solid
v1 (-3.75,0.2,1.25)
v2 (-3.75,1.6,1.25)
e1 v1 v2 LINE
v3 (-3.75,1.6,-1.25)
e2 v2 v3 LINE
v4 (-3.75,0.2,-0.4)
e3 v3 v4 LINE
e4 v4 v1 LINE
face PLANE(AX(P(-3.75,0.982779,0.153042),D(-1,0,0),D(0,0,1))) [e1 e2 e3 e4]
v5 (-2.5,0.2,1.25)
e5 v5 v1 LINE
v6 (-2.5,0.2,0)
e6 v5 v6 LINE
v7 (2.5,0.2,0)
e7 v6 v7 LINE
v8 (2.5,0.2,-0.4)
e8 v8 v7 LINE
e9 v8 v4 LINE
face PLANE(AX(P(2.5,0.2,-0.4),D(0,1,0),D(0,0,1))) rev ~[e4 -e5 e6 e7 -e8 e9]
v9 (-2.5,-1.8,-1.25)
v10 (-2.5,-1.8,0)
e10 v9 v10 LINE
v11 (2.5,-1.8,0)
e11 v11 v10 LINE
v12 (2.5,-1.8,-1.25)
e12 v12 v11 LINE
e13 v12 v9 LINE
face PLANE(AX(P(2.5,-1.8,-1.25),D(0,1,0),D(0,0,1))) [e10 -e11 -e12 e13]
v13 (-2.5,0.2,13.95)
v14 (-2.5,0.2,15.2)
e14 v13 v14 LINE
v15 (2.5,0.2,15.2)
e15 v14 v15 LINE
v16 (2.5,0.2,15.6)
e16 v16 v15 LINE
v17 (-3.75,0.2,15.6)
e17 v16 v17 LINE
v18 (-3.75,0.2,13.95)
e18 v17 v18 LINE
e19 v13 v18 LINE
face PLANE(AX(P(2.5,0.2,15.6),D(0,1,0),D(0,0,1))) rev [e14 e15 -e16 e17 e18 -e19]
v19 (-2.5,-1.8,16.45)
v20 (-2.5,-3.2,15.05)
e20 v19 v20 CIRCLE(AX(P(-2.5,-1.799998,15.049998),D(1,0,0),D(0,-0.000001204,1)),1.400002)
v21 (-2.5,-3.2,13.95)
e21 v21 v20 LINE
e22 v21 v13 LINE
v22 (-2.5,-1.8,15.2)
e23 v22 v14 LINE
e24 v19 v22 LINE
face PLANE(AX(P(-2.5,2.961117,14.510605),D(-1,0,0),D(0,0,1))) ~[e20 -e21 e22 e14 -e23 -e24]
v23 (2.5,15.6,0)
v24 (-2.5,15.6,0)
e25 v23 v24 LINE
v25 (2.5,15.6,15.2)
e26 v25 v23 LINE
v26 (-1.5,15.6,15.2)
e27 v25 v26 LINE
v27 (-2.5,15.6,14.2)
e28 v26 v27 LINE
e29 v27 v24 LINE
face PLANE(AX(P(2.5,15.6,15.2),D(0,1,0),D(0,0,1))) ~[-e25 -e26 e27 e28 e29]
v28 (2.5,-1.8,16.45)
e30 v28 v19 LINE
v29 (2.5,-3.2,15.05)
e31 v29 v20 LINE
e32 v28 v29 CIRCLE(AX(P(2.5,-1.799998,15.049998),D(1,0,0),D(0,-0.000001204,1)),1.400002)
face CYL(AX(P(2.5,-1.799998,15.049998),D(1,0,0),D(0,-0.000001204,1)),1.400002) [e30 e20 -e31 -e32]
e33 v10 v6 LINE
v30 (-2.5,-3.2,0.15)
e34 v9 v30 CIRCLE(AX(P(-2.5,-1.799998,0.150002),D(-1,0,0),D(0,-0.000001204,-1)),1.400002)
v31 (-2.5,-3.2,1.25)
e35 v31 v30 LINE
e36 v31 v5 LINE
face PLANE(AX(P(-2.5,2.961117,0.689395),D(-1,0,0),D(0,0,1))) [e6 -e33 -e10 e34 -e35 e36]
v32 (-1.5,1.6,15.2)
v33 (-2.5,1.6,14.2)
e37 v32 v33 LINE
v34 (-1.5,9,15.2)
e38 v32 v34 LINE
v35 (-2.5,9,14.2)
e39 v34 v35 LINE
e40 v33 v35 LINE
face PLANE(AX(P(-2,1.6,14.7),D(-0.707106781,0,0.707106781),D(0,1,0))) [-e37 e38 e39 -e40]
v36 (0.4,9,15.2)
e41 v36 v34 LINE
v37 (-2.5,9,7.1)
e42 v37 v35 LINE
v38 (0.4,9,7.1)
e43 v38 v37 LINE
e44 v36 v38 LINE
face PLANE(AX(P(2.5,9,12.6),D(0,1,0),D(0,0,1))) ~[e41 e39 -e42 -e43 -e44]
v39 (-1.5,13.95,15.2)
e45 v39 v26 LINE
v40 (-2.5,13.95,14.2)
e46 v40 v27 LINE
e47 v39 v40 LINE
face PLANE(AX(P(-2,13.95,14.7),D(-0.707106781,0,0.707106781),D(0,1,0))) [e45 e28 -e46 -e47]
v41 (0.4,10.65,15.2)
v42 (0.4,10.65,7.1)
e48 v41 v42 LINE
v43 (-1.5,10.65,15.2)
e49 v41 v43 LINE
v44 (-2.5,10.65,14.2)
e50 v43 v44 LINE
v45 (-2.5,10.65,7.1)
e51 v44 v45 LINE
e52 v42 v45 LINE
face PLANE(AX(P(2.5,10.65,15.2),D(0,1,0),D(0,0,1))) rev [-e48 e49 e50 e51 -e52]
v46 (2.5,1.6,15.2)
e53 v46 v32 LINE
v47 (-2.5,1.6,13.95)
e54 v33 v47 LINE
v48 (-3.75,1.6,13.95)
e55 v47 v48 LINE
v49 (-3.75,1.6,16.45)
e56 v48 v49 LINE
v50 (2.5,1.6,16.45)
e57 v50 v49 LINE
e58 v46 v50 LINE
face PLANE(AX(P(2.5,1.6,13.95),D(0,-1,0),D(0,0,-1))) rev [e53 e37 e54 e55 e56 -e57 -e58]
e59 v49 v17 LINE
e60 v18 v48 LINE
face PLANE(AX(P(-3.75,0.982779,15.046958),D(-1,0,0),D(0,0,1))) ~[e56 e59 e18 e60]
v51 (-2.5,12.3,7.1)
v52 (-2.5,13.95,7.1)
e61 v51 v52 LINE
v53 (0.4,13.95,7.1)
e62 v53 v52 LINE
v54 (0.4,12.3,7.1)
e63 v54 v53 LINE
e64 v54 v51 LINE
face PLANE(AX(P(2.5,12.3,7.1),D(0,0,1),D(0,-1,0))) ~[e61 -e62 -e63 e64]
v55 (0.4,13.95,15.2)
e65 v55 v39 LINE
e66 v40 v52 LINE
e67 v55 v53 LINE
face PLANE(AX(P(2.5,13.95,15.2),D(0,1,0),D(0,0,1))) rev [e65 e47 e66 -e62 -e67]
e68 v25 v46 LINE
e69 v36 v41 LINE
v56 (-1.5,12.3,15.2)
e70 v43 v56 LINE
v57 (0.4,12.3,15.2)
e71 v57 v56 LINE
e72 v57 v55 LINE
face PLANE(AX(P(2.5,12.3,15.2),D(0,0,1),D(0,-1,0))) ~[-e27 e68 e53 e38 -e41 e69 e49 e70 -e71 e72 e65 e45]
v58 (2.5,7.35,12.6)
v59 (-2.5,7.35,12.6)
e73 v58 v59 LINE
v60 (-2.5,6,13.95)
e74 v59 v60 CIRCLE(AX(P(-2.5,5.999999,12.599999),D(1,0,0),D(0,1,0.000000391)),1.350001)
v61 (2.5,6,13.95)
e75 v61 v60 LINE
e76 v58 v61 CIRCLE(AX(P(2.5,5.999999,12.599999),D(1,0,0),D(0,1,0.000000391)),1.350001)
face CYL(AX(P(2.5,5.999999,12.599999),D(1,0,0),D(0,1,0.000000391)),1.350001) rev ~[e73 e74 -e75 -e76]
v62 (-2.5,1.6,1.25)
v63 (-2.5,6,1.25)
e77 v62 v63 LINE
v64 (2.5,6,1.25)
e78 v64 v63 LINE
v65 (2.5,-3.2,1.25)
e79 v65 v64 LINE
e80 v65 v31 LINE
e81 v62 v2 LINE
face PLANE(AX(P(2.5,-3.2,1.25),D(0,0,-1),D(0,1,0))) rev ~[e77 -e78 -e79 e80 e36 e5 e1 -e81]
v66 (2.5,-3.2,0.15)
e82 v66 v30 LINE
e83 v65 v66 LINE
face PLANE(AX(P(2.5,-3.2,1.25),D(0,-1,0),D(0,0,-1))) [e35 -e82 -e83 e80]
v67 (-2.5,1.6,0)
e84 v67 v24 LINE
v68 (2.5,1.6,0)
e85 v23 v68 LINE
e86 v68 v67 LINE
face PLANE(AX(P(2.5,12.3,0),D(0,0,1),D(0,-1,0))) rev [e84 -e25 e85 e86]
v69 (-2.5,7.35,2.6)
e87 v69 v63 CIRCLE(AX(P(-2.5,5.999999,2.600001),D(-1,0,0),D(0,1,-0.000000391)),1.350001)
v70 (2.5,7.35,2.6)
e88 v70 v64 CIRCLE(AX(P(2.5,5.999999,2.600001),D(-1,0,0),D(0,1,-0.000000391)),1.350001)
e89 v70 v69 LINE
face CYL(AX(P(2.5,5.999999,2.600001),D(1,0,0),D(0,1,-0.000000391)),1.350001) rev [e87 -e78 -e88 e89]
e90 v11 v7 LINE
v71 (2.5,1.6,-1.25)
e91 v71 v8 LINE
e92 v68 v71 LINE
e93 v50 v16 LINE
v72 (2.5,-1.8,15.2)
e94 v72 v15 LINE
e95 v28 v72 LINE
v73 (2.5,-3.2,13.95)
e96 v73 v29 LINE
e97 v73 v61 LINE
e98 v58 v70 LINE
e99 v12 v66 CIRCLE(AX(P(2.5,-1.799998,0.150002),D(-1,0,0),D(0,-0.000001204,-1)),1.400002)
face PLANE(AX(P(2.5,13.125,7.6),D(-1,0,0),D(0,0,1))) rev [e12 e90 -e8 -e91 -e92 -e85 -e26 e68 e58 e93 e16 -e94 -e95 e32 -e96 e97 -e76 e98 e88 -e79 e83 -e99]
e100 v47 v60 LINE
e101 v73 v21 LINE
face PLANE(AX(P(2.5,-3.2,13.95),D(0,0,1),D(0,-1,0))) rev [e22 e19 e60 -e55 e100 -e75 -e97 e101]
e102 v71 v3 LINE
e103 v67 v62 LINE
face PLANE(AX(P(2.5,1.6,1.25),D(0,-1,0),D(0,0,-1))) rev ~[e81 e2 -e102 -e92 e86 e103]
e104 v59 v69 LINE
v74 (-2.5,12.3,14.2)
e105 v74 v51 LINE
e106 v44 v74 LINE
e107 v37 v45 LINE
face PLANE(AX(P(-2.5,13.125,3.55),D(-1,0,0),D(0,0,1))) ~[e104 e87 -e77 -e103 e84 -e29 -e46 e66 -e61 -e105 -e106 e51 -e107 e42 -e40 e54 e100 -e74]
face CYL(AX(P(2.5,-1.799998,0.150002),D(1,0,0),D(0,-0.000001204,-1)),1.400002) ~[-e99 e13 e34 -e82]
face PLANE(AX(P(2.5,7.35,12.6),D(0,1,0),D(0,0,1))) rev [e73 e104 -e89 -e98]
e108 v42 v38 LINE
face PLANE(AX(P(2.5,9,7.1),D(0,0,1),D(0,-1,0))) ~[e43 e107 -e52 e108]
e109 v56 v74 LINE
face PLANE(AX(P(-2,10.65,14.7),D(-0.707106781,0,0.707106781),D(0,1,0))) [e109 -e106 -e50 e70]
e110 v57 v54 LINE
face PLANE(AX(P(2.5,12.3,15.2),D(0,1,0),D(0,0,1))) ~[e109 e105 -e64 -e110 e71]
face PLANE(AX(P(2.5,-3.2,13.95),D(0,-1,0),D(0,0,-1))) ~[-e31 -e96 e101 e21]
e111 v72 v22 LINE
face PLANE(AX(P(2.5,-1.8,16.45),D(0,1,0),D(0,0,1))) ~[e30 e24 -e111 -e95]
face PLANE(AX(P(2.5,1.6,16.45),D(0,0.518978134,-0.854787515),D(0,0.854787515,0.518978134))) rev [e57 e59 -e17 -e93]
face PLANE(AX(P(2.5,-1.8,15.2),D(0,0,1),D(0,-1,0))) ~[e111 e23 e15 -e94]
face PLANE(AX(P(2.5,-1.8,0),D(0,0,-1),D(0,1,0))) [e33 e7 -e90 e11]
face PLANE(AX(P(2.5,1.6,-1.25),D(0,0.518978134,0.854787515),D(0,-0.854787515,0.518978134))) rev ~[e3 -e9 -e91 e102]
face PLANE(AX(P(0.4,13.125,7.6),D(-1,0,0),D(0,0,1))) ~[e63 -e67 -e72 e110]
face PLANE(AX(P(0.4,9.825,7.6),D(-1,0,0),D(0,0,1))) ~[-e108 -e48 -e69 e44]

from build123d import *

# Parameters (mm, degrees)
PAD017_DEPTH              = 5
PAD020_DEPTH              = 6.25
SKETCH038_W               = 10
SKETCH038_H               = 1.65
PAD021_DEPTH              = 5
SKETCH079_W               = 15.2
SKETCH079_H               = 1.65
PAD051_DEPTH              = 2.1
SKETCH080_W               = 7.1
SKETCH080_H               = 1.65
PAD052_DEPTH              = 5
SKETCH081_W               = 15.2
SKETCH081_H               = 1.65
PAD053_DEPTH              = 5
LINEARPATTERN018_COUNT    = 2
LINEARPATTERN018_PITCH    = 3.3
CHAMFER008_SIZE           = 1
MIRROR007_PLACEMENT_ANGLE = 90


with BuildPart() as bc_c:
    # Sketch034 → Pad017 (new body)
    with BuildSketch(Plane.XY):
        with BuildLine():
            Line((-1.35, -1.8), (-1.35, 6))
            ThreePointArc((0, 7.35), (-0.954594, 6.954594), (-1.35, 6))
            Line((0, 9), (0, 7.35))
            Line((-2.6, 9), (0, 9))
            Line((-2.6, -1.8), (-2.6, 9))
            Line((-3.85, -1.8), (-2.6, -1.8))
            ThreePointArc((-3.85, -1.8), (-3.439949, -2.789949), (-2.45, -3.2))
            Line((-1.35, -3.2), (-2.45, -3.2))
            Line((-1.35, -1.8), (-1.35, -3.2))
        make_face()
    extrude(amount=PAD017_DEPTH)

    # Sketch037 → Pad020 (join)
    with BuildSketch(Plane.XY):
        Polygon((-1.35, 0.2), (-1.35, 1.6), (-2.6, 1.6), (-3.85, 1.6), (-3, 0.2), (-2.6, 0.2), align=None)
    extrude(amount=PAD020_DEPTH)


with BuildPart() as body027:
    # Mirror002: instance of _bc_c
    add(bc_c.part.mirror(Plane(origin=(5, 0, 0), x_dir=(0, 1, 0), z_dir=(-1, 0, 0))))

    # Fusion002: union _bc_c
    add(bc_c.part)


with BuildPart() as body027_1:
    # Clone003 placement: moved
    add(body027.part.moved(Location((-5, 0, 0))))

    # Sketch038 → Pad021 (new body)
    with BuildSketch(Plane.XY):
        with Locations((0, 8.175)):
            Rectangle(SKETCH038_W, SKETCH038_H)
    extrude(amount=PAD021_DEPTH)

    # Sketch079 → Pad051 (new body)
    with BuildSketch(Plane.XY):
        with Locations((0, 9.825)):
            Rectangle(SKETCH079_W, SKETCH079_H)
    pad051 = extrude(amount=PAD051_DEPTH)

    # Sketch080 → Pad052 (join)
    with BuildSketch(Plane.XY):
        with Locations((4.05, 9.825)):
            Rectangle(SKETCH080_W, SKETCH080_H)
    pad052 = extrude(amount=PAD052_DEPTH)

    # Sketch081 → Pad053 (join)
    with BuildSketch(Plane.XY):
        with Locations((0, 11.475)):
            Rectangle(SKETCH081_W, SKETCH081_H)
    pad053 = extrude(amount=PAD053_DEPTH)

    # LinearPattern018: Pad053, Pad052, Pad051 ×2
    with Locations(*[(0, i * LINEARPATTERN018_PITCH, 0) for i in range(1, LINEARPATTERN018_COUNT)]):
        add(pad053)
        add(pad052)
        add(pad051)

    # Chamfer008
    chamfer008_edges = [body027_1.edges().sort_by_distance(p)[0] for p in [
        (-7.6, 5.3, 5),
        (-7.6, 11.475, 5),
        (-7.6, 14.775, 5),
    ]]
    chamfer(chamfer008_edges, length=CHAMFER008_SIZE)


with BuildPart() as mirror007:
    # Mirror007: instance of Body027
    add(body027_1.part.mirror(Plane(origin=(0, 0, 0), x_dir=(0, -1, 0), z_dir=(1, 0, 0))))


with BuildPart() as mirror007_1:
    # Mirror007 placement: moved
    add(mirror007.part.moved(Location((2.5, 0, 7.6))).rotate(Axis((2.5, 0, 7.6), (0, -1, 0)), MIRROR007_PLACEMENT_ANGLE))


solid = mirror007_1.part
